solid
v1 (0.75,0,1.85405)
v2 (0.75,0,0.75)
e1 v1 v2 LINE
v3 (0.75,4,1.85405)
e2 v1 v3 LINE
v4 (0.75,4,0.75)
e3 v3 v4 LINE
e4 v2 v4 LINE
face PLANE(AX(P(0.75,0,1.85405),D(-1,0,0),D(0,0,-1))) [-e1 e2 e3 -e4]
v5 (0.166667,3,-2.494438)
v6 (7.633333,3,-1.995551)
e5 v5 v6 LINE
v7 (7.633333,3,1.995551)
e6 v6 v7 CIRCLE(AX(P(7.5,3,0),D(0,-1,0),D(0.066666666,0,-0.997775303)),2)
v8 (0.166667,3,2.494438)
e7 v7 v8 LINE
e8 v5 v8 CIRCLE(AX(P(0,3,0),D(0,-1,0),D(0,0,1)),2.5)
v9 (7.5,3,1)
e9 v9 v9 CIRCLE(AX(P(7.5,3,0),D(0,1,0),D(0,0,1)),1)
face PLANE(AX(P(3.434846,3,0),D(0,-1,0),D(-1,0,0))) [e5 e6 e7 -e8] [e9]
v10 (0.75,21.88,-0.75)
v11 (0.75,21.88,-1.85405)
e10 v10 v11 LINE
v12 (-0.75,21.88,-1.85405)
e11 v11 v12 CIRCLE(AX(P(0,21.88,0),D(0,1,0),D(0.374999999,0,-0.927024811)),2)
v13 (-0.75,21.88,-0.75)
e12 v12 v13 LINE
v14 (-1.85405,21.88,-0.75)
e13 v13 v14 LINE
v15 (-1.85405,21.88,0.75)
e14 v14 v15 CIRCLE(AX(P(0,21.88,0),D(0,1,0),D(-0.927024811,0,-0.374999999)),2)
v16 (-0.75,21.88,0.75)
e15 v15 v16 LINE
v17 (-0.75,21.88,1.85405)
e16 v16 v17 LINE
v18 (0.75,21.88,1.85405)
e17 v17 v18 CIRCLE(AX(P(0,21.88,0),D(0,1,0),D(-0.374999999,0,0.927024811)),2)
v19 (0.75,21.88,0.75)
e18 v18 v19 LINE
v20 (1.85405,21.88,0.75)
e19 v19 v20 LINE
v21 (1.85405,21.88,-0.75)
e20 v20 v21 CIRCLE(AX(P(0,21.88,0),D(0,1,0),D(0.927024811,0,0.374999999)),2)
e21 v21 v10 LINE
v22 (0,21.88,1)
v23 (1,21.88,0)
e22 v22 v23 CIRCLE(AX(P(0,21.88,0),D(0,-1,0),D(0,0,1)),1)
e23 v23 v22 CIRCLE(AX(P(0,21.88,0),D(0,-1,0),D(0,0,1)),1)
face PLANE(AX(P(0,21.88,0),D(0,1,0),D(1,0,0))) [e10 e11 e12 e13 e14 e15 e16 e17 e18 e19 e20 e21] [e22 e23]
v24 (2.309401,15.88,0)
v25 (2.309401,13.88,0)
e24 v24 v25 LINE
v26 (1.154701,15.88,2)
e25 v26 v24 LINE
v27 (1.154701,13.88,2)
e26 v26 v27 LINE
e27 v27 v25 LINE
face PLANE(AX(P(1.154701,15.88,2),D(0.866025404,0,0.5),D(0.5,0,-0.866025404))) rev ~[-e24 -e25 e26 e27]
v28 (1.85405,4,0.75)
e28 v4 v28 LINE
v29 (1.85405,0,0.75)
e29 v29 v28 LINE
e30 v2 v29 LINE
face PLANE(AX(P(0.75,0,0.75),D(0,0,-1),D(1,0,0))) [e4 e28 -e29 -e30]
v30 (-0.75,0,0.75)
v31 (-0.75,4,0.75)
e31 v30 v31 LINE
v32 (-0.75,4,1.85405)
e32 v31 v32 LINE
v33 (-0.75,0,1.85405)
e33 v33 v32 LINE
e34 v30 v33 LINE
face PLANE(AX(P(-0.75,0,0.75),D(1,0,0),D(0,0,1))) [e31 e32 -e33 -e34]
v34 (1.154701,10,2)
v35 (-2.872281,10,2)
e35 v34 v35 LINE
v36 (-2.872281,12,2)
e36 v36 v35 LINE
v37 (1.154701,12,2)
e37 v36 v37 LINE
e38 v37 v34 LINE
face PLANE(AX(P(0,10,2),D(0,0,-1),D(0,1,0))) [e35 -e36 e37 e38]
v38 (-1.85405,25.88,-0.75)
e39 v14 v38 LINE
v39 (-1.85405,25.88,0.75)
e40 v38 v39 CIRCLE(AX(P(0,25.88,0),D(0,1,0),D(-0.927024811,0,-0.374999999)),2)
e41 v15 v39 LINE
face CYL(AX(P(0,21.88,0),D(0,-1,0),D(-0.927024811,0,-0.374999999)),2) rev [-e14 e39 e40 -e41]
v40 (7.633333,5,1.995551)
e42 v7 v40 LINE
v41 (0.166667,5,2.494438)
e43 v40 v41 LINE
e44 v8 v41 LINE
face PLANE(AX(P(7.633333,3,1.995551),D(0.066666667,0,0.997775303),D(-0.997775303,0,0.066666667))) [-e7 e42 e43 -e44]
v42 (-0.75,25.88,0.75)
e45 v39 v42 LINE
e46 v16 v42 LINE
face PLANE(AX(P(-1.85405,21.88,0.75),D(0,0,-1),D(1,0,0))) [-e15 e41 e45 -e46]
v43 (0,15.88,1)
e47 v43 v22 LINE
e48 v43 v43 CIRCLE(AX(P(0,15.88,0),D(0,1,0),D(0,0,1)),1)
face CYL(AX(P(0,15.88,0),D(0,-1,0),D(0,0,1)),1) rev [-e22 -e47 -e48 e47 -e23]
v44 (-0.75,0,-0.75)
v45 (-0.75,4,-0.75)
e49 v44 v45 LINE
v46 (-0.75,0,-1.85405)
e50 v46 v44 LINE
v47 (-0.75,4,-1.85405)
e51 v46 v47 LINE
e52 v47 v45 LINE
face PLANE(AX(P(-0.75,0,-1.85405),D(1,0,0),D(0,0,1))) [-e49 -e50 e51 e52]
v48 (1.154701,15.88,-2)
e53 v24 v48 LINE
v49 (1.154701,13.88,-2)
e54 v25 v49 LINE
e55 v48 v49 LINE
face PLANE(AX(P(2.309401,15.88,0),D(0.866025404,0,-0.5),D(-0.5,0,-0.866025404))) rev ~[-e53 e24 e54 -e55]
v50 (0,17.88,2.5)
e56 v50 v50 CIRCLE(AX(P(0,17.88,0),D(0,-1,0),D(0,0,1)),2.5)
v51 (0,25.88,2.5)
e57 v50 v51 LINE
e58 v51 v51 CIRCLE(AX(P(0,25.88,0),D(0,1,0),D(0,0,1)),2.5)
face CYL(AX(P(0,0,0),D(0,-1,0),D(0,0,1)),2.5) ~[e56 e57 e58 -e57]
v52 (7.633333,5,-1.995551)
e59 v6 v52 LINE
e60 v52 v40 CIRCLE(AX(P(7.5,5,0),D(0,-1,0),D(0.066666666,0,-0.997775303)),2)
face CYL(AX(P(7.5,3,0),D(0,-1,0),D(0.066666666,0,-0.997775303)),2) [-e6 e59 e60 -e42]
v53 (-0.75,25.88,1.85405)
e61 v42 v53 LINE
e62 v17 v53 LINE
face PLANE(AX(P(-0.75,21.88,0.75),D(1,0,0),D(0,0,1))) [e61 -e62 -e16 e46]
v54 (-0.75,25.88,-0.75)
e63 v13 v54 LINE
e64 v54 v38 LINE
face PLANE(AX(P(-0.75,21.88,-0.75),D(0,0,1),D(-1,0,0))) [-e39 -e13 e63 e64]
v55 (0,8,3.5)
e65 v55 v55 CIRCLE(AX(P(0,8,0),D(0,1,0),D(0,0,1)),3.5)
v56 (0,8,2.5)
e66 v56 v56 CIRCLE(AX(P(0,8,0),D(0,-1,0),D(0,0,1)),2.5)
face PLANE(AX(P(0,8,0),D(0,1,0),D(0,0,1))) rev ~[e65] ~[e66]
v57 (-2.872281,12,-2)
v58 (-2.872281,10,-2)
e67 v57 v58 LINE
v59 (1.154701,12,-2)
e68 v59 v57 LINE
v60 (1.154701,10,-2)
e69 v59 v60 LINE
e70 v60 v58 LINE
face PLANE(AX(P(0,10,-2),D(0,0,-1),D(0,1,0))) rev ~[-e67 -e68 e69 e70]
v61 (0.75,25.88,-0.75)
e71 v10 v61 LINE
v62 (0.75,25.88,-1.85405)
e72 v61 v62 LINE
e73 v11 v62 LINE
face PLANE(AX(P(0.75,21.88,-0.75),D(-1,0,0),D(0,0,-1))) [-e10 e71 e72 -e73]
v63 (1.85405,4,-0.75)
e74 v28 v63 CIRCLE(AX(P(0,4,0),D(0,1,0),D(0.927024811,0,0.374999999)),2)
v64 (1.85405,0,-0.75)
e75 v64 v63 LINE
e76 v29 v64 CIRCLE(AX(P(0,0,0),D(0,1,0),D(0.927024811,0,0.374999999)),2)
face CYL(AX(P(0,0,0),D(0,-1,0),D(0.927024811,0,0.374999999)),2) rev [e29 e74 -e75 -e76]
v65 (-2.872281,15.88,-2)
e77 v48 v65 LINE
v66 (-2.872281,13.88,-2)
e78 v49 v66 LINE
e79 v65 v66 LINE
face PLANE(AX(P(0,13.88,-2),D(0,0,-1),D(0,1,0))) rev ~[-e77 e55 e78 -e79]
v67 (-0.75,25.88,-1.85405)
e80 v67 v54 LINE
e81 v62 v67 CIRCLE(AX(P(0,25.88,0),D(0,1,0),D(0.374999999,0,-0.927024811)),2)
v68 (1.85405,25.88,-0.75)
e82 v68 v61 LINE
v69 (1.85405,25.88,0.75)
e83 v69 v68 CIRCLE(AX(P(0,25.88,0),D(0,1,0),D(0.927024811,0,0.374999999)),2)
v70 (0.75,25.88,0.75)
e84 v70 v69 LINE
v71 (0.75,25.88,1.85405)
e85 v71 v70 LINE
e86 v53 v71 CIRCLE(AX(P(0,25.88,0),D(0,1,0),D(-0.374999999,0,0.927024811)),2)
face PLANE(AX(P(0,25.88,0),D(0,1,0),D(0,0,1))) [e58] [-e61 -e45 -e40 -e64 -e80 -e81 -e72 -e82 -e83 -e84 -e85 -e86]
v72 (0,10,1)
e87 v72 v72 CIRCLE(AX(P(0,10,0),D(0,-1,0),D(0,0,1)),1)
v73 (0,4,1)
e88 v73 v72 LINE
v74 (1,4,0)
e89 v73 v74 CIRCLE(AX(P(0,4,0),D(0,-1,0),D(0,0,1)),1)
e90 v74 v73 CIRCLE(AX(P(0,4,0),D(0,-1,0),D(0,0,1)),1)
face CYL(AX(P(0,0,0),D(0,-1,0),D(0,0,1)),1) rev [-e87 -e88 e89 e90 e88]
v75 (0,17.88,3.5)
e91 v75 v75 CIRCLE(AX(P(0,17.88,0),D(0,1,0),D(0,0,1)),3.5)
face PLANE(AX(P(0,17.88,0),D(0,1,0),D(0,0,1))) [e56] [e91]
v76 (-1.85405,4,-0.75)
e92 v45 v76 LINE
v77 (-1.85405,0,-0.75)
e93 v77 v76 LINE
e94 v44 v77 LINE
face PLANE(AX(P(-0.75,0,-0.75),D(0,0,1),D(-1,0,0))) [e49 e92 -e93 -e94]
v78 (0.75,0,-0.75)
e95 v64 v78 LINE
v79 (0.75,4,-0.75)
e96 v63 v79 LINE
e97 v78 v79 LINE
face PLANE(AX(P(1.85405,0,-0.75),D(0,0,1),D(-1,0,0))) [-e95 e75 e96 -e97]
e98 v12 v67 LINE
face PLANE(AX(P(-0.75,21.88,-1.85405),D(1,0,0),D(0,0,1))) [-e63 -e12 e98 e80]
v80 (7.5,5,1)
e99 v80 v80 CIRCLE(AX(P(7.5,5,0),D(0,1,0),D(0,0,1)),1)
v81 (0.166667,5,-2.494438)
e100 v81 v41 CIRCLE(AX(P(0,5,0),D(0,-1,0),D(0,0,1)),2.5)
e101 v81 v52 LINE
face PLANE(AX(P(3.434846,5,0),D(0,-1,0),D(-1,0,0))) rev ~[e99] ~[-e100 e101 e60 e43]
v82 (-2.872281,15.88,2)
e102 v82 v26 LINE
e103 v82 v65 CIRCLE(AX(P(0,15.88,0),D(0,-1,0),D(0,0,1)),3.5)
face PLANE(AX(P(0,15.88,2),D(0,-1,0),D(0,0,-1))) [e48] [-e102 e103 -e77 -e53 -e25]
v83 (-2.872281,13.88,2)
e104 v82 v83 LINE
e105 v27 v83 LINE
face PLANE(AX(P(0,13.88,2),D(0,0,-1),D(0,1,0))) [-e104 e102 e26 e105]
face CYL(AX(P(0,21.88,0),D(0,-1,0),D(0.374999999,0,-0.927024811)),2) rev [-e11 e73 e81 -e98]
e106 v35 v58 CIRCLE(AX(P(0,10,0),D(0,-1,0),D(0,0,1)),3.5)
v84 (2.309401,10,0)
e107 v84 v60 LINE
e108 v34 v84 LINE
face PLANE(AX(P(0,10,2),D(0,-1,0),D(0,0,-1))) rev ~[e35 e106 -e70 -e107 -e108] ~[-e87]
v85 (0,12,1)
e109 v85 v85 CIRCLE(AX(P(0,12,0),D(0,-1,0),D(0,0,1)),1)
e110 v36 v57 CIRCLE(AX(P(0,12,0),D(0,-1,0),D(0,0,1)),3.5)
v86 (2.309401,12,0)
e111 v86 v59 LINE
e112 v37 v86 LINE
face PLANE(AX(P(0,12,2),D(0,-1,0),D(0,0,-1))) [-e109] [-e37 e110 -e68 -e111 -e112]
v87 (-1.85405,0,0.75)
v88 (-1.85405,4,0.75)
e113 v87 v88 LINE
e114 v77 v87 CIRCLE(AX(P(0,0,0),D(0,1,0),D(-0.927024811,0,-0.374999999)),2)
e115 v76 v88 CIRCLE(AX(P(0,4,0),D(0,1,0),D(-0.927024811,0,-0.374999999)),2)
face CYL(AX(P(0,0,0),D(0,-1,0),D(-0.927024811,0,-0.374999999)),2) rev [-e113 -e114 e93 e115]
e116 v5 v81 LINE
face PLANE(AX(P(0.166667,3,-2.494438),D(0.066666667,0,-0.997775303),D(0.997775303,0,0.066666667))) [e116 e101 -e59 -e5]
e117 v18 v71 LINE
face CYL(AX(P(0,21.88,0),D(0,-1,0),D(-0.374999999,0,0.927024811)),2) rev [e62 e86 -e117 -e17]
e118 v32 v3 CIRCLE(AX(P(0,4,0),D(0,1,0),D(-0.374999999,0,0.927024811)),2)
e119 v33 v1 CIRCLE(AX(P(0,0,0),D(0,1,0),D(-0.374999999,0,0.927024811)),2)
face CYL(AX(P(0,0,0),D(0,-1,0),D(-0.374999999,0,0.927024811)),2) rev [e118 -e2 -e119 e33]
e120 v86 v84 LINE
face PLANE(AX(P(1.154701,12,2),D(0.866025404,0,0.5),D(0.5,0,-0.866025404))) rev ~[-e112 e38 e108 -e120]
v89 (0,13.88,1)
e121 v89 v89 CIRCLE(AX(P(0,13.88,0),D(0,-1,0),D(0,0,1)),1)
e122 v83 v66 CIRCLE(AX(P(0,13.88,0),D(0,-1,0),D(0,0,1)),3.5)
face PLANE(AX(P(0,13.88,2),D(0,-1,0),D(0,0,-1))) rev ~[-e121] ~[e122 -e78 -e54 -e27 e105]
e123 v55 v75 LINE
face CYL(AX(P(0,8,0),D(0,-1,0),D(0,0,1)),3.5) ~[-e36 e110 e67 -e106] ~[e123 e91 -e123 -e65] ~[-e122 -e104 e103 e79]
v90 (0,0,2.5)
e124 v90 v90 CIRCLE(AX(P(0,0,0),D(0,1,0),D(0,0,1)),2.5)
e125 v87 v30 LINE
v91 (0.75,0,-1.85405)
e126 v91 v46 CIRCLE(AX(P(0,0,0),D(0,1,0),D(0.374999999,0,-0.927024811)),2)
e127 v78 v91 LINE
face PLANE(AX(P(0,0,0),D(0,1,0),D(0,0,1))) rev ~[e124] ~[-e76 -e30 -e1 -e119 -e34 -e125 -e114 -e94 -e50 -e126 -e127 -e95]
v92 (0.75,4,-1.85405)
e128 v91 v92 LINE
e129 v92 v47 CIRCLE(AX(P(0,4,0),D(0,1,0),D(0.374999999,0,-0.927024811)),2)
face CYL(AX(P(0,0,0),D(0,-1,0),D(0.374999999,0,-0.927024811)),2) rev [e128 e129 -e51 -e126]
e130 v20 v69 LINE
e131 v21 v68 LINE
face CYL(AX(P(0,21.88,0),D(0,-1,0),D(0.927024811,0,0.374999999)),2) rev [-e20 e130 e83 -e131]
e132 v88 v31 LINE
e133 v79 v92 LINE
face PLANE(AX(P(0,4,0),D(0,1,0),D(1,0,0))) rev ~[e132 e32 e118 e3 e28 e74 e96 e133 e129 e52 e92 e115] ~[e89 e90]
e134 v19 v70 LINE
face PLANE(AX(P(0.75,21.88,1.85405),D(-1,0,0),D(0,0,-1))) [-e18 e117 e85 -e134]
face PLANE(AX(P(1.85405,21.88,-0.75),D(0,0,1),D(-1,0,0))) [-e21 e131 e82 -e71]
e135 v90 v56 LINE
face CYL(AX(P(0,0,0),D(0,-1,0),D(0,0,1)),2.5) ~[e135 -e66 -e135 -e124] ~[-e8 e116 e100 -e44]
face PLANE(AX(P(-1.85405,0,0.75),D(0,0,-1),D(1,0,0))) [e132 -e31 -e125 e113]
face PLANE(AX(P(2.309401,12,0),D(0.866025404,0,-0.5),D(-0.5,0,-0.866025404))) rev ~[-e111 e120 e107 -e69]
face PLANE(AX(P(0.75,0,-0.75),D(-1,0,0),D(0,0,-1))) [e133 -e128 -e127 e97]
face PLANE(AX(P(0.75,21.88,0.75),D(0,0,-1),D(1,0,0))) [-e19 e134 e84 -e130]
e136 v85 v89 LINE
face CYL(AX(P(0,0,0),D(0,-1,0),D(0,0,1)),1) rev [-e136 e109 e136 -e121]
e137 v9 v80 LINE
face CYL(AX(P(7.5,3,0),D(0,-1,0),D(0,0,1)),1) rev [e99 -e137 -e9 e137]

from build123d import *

# Parameters (mm, degrees)
SKETCH_1_R           = 2.5
EXTRUDE_1_DEPTH      = 25.88
EXTRUDE_START        = 3
SKETCH_2_R           = 1
EXTRUDE_2_DEPTH      = 2
CUT_EXTRUDE_1_DEPTH  = 4
CUT_EXTRUDE_START    = 21.88
CUT_EXTRUDE_2_DEPTH  = 4
SKETCH_6_R           = 0.25
CUT_EXTRUDE_3_DEPTH  = 0.25
CUT_EXTRUDE_START_2  = 4.25
SKETCH_7_R           = 0.25
CUT_EXTRUDE_4_DEPTH  = 0.25
EXTRUDE_START_2      = 8
SKETCH_17_R          = 3.5
EXTRUDE_5_DEPTH      = 9.88
SKETCH_18_R          = 1
CUT_EXTRUDE_11_DEPTH = 10
CUT_EXTRUDE_START_3  = 15.88
SKETCH_19_R          = 1
CUT_EXTRUDE_12_DEPTH = 10
SKETCH_22_W          = 4
SKETCH_22_H          = 2
CUT_EXTRUDE_13_DEPTH = 10
CUT_EXTRUDE_14_DEPTH = 2
CUT_EXTRUDE_START_4  = 12
CUT_EXTRUDE_15_DEPTH = 2
SKETCH_25_R          = 1
CUT_EXTRUDE_16_DEPTH = 28.789825476


with BuildPart() as part:
    # 草图1 → 凸台-拉伸1 (new body)
    with BuildSketch(Plane(origin=(0, 0, 0), x_dir=(1, 0, 0), z_dir=(0, 1, 0))):
        with Locations(Location((0, 0, 0), (0, 0, 270))):
            Circle(SKETCH_1_R)
    extrude(amount=EXTRUDE_1_DEPTH)

    # 草图2 → 凸台-拉伸2 (add)
    with BuildSketch(Plane(origin=(0, 0, 0), x_dir=(1, 0, 0), z_dir=(0, 1, 0)).offset(EXTRUDE_START)):
        with BuildLine():
            Line((0.166666667, 2.494438258), (7.633333333, 1.995550606))
            ThreePointArc((7.633333333, 1.995550606), (9.5, 0), (7.633333333, -1.995550606))
            Line((7.633333333, -1.995550606), (0.166666667, -2.494438258))
            ThreePointArc((0.166666667, -2.494438258), (-2.5, 0), (0.166666667, 2.494438258))
        make_face()
        with Locations(Location((7.5, 0, 0), (0, 0, 270))):
            Circle(SKETCH_2_R, mode=Mode.SUBTRACT)
    extrude(amount=EXTRUDE_2_DEPTH)

    # 草图3 → 切除-拉伸1 (cut)
    with BuildSketch(Plane(origin=(0, 0, 0), x_dir=(1, 0, 0), z_dir=(0, 1, 0))):
        with BuildLine():
            Line((-1.854049622, -0.75), (-0.75, -0.75))
            Line((-0.75, -0.75), (-0.75, -1.854049622))
            ThreePointArc((-0.75, -1.854049622), (0, -2), (0.75, -1.854049622))
            Line((0.75, -1.854049622), (0.75, -0.75))
            Line((0.75, -0.75), (1.854049622, -0.75))
            ThreePointArc((1.854049622, -0.75), (2, 0), (1.854049622, 0.75))
            Line((1.854049622, 0.75), (0.75, 0.75))
            Line((0.75, 0.75), (0.75, 1.854049622))
            ThreePointArc((0.75, 1.854049622), (0, 2), (-0.75, 1.854049622))
            Line((-0.75, 1.854049622), (-0.75, 0.75))
            Line((-0.75, 0.75), (-1.854049622, 0.75))
            ThreePointArc((-1.854049622, 0.75), (-2, 0), (-1.854049622, -0.75))
        make_face()
    extrude(amount=CUT_EXTRUDE_1_DEPTH, mode=Mode.SUBTRACT)

    # 草图5 → 切除-拉伸2 (cut)
    with BuildSketch(Plane(origin=(0, 0, 0), x_dir=(1, 0, 0), z_dir=(0, 1, 0)).offset(CUT_EXTRUDE_START)):
        with BuildLine():
            Line((1.854049622, 0.75), (0.75, 0.75))
            Line((0.75, 0.75), (0.75, 1.854049622))
            ThreePointArc((0.75, 1.854049622), (0, 2), (-0.75, 1.854049622))
            Line((-0.75, 1.854049622), (-0.75, 0.75))
            Line((-0.75, 0.75), (-1.854049622, 0.75))
            ThreePointArc((-1.854049622, 0.75), (-2, 0), (-1.854049622, -0.75))
            Line((-1.854049622, -0.75), (-0.75, -0.75))
            Line((-0.75, -0.75), (-0.75, -1.854049622))
            ThreePointArc((-0.75, -1.854049622), (0, -2), (0.75, -1.854049622))
            Line((0.75, -1.854049622), (0.75, -0.75))
            Line((0.75, -0.75), (1.854049622, -0.75))
            ThreePointArc((1.854049622, -0.75), (2, 0), (1.854049622, 0.75))
        make_face()
    extrude(amount=CUT_EXTRUDE_2_DEPTH, mode=Mode.SUBTRACT)

    # 草图6 → 切除-拉伸3 (cut)
    with BuildSketch(Plane(origin=(0, 0, 0), x_dir=(1, 0, 0), z_dir=(0, 1, 0)).offset(CUT_EXTRUDE_START)):
        with Locations(Location((0.75, 0, 0), (0, 0, 270))):
            Circle(SKETCH_6_R)
    extrude(amount=-CUT_EXTRUDE_3_DEPTH, mode=Mode.SUBTRACT)

    # 草图7 → 切除-拉伸4 (cut)
    with BuildSketch(Plane(origin=(0, 0, 0), x_dir=(1, 0, 0), z_dir=(0, 1, 0)).offset(CUT_EXTRUDE_START_2)):
        with Locations(Location((0.75, 0, 0), (0, 0, 270))):
            Circle(SKETCH_7_R)
    extrude(amount=-CUT_EXTRUDE_4_DEPTH, mode=Mode.SUBTRACT)

    # 草图17 → 凸台-拉伸5 (add)
    with BuildSketch(Plane(origin=(0, 0, 0), x_dir=(1, 0, 0), z_dir=(0, 1, 0)).offset(EXTRUDE_START_2)):
        with Locations(Location((0, 0, 0), (0, 0, 270))):
            Circle(SKETCH_17_R)
    extrude(amount=EXTRUDE_5_DEPTH)

    # 草图18 → 切除-拉伸11 (cut)
    with BuildSketch(Plane(origin=(0, 0, 0), x_dir=(1, 0, 0), z_dir=(0, 1, 0))):
        with Locations(Location((0, 0, 0), (0, 0, 270))):
            Circle(SKETCH_18_R)
    extrude(amount=CUT_EXTRUDE_11_DEPTH, mode=Mode.SUBTRACT)

    # 草图19 → 切除-拉伸12 (cut)
    with BuildSketch(Plane(origin=(0, 0, 0), x_dir=(1, 0, 0), z_dir=(0, 1, 0)).offset(CUT_EXTRUDE_START_3)):
        with Locations(Location((0, 0, 0), (0, 0, 270))):
            Circle(SKETCH_19_R)
    extrude(amount=CUT_EXTRUDE_12_DEPTH, mode=Mode.SUBTRACT)

    # 草图22 → 切除-拉伸13 (cut)
    with BuildSketch(Plane(origin=(0, 0, 0), x_dir=(0, 0, -1), z_dir=(1, 0, 0))):
        with Locations((0, 14.88)):
            Rectangle(SKETCH_22_W, SKETCH_22_H)
        with Locations((0, 11)):
            Rectangle(SKETCH_22_W, SKETCH_22_H)
    extrude(amount=-CUT_EXTRUDE_13_DEPTH, mode=Mode.SUBTRACT)

    # 草图23 → 切除-拉伸14 (cut)
    with BuildSketch(Plane(origin=(0, 0, 0), x_dir=(1, 0, 0), z_dir=(0, 1, 0)).offset(CUT_EXTRUDE_START_3)):
        Polygon((-2.309401077, 0), (-1.154700538, -2), (1.154700538, -2), (2.309401077, 0), (1.154700538, 2), (-1.154700538, 2), align=None)
    extrude(amount=-CUT_EXTRUDE_14_DEPTH, mode=Mode.SUBTRACT)

    # 草图24 → 切除-拉伸15 (cut)
    with BuildSketch(Plane(origin=(0, 0, 0), x_dir=(1, 0, 0), z_dir=(0, 1, 0)).offset(CUT_EXTRUDE_START_4)):
        Polygon((-2.309401077, 0), (-1.154700538, -2), (1.154700538, -2), (2.309401077, 0), (1.154700538, 2), (-1.154700538, 2), align=None)
    extrude(amount=-CUT_EXTRUDE_15_DEPTH, mode=Mode.SUBTRACT)

    # 草图25 → 切除-拉伸16 (cut, through all)
    with BuildSketch(Plane(origin=(0, 0, 0), x_dir=(1, 0, 0), z_dir=(0, 1, 0))):
        with Locations(Location((0, 0, 0), (0, 0, 270))):
            Circle(SKETCH_25_R)
    extrude(amount=CUT_EXTRUDE_16_DEPTH, mode=Mode.SUBTRACT)


solid = part.part
